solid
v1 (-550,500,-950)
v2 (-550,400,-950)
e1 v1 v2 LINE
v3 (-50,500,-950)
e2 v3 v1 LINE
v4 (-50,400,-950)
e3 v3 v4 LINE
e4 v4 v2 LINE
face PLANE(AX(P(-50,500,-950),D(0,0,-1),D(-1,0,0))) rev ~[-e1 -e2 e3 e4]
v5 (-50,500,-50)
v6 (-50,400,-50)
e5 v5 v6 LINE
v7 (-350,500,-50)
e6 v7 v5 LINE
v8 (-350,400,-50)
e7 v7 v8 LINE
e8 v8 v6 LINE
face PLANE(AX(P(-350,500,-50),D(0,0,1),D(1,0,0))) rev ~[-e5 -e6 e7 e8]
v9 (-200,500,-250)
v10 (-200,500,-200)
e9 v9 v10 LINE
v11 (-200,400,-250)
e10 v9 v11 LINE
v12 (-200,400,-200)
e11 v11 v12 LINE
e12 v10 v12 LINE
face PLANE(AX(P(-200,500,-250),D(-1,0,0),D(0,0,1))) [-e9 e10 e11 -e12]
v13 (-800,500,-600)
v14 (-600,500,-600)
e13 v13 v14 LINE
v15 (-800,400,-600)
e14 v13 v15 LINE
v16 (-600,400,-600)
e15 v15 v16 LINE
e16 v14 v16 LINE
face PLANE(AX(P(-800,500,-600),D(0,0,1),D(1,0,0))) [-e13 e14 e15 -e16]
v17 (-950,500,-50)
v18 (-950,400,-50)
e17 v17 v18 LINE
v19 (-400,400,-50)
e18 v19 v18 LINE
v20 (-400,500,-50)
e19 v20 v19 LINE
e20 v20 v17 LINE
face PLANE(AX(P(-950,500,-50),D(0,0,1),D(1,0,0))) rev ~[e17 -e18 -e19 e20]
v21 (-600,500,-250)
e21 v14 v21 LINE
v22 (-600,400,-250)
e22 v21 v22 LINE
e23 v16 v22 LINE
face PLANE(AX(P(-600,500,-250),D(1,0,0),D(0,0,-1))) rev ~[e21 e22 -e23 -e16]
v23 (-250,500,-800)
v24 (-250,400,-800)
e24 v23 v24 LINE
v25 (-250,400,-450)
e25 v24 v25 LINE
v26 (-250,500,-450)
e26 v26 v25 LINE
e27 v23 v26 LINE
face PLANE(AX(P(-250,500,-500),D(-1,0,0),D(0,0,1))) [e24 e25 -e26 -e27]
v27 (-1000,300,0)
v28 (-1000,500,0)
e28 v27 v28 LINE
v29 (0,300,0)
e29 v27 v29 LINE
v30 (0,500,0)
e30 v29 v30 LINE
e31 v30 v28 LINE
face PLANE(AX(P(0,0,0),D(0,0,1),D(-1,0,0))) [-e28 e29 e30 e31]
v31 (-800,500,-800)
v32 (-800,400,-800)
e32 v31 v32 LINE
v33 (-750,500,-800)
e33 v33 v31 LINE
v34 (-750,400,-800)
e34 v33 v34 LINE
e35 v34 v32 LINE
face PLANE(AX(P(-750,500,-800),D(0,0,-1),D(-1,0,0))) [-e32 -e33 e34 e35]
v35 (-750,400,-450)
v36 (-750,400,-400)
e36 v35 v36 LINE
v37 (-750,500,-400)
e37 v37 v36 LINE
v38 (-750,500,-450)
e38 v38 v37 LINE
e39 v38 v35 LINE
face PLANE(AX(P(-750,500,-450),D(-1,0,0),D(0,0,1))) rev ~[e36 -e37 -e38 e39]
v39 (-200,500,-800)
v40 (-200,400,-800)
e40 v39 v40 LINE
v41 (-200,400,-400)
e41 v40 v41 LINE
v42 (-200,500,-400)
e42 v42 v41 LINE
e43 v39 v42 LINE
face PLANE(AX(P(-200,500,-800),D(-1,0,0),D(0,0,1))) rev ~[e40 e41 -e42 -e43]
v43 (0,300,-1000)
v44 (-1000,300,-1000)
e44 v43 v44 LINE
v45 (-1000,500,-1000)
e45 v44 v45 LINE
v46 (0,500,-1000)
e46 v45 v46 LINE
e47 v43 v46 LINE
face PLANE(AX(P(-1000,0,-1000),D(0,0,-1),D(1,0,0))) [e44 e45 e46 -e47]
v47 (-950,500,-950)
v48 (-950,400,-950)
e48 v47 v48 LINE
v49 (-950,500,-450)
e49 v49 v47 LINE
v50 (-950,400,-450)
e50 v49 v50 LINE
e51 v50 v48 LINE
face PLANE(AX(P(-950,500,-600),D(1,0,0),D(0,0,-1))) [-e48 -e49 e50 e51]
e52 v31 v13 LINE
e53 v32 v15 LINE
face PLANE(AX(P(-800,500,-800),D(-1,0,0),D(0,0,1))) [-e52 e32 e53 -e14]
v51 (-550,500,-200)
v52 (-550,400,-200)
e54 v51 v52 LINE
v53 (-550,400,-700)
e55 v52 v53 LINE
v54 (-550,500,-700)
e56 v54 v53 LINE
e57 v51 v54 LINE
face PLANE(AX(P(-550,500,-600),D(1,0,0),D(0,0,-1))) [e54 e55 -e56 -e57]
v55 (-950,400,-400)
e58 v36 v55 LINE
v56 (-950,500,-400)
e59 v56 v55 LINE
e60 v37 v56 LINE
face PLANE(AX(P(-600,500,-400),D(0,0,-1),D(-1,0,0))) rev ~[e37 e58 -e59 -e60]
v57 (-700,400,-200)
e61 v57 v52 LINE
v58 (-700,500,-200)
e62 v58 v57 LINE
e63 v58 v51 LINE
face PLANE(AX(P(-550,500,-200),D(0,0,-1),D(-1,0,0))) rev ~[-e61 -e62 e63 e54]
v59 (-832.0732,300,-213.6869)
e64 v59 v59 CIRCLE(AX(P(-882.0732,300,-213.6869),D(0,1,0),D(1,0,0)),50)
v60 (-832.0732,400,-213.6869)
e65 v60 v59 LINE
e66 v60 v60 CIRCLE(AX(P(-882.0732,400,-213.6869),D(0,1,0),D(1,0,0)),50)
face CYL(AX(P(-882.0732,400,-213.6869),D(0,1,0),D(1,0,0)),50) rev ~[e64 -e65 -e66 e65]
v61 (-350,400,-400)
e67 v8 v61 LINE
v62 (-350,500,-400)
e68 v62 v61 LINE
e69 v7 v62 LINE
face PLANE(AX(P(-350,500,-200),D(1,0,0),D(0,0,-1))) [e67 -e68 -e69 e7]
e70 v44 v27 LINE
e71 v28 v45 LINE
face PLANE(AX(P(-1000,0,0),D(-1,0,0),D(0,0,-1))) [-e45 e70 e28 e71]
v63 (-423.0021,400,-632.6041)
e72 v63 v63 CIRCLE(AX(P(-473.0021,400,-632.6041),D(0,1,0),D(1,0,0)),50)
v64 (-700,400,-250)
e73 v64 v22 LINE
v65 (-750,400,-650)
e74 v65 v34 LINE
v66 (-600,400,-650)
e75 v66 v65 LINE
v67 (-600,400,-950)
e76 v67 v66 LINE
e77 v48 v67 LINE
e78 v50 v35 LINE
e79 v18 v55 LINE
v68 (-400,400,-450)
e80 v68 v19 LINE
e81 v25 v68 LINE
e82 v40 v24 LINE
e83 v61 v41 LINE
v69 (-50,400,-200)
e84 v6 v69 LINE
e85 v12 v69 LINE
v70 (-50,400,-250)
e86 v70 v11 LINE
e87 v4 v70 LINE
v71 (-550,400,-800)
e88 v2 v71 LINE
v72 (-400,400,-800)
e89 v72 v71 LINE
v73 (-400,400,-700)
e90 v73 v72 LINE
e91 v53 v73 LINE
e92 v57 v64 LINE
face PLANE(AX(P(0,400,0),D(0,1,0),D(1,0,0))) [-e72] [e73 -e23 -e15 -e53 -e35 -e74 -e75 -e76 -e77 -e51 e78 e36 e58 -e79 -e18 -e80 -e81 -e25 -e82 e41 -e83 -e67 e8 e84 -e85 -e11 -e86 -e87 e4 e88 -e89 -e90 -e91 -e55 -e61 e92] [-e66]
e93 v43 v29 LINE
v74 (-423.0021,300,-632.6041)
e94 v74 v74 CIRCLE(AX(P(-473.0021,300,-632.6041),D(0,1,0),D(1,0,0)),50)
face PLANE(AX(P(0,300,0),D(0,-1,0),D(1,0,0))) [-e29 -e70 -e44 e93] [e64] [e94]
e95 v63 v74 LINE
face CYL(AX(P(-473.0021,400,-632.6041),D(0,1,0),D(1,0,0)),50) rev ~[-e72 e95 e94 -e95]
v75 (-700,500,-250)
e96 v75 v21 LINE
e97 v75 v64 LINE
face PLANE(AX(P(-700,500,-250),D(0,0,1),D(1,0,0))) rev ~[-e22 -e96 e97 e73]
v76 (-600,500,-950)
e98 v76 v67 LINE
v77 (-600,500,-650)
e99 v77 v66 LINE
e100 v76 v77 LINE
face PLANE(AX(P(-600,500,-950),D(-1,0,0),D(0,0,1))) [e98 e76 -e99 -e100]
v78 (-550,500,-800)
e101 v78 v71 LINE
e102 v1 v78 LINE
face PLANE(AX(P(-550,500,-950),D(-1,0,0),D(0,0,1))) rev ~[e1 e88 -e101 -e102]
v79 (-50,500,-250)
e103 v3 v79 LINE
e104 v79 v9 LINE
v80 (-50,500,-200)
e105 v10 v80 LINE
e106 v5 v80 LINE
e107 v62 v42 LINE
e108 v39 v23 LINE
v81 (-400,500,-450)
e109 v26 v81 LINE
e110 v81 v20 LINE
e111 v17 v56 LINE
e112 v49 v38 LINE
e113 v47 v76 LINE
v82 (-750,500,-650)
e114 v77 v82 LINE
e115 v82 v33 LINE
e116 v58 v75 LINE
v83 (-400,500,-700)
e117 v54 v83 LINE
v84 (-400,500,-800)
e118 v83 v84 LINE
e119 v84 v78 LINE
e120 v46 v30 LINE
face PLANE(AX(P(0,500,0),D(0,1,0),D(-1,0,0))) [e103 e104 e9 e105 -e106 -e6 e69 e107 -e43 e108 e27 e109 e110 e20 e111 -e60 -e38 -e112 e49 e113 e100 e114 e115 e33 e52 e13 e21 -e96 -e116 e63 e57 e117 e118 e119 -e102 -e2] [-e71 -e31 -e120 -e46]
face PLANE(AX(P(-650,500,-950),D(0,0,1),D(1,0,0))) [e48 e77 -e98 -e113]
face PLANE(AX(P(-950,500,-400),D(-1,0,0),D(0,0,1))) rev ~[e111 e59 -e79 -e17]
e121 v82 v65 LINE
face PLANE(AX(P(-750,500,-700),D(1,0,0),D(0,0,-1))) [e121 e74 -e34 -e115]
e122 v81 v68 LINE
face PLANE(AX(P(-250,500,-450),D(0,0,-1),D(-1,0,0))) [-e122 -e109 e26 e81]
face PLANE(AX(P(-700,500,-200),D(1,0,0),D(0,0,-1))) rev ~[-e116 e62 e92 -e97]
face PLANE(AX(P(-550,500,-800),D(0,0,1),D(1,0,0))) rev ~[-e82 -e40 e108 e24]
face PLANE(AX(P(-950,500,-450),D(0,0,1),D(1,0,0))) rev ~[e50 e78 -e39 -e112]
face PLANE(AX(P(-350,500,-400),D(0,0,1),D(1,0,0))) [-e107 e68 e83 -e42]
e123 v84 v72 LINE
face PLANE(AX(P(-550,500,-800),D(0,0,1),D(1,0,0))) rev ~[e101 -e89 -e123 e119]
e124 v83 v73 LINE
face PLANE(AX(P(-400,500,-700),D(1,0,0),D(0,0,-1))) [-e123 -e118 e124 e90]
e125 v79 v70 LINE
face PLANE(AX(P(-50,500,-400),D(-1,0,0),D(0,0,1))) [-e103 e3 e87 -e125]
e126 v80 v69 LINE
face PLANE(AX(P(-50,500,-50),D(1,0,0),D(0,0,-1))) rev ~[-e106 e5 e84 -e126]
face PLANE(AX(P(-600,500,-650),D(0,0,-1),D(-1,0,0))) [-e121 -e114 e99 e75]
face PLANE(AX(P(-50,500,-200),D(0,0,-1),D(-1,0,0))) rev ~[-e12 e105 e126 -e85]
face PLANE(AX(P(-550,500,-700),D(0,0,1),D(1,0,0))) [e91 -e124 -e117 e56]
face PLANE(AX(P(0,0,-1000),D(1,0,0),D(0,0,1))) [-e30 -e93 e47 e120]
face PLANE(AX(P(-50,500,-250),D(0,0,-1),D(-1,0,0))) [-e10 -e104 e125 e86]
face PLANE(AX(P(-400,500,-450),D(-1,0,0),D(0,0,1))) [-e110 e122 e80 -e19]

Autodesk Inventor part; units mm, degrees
ref_plane "YZ Plane" through (0, 0, 0) normal (1, 0, 0) x (0, 1, 0)
ref_plane "XZ Plane" through (0, 0, 0) normal (0, 1, 0) x (-1, 0, 0)
ref_plane "XY Plane" through (0, 0, 0) normal (0, 0, 1) x (1, 0, 0)
sketch "Sketch1" plane through (0, 0, 0) normal (0, 1, 0) x (-1, 0, 0)
  line L0 (0, 0) -> (1000, 0)
  line L1 (1000, 0) -> (1000, -1000)
  line L2 (1000, -1000) -> (0, -1000)
  line L3 (0, -1000) -> (0, 0)
  dimension "d0" = 1000
  dimension "d1" = 1000
  dimension "d2" = 1000
extrude "Extrusion1" add sketch "Sketch1" along normal blind 500
sketch "Sketch2" plane through (0, 500, 0) normal (0, 1, 0) x (1, 0, 0)
  point P0 (0, 0)
sketch "Sketch3" plane through (0, 500, 0) normal (0, 1, 0) x (1, 0, 0)
  point P0 (0, 0)
sketch "Sketch4" plane through (0, 500, 0) normal (0, 1, 0) x (1, 0, 0)
  line L0 (-1000, 0) -> (0, 0) projected
  line L1 (-50, 50) -> (-50, 200)
  line L2 (-50, 200) -> (-200, 200)
  line L3 (-200, 200) -> (-350, 200)
  line L4 (-350, 200) -> (-350, 50)
  line L5 (-350, 50) -> (-50, 50)
  dimension "d7" = 150
  dimension "d8" = 150
  dimension "d9" = 150
  dimension "d10" = 150
  dimension "d13" = 200
  dimension "d14" = 50
extrude "Extrusion2" cut sketch "Sketch4" against normal blind 100
sketch "Sketch5" plane through (0, 500, 0) normal (0, 1, 0) x (1, 0, 0)
  line L0 (-350, 200) -> (-50, 200) projected
  line L1 (-350, 200) -> (-350, 400)
  line L2 (-350, 400) -> (-50, 400)
  line L3 (-50, 400) -> (-50, 250)
  line L4 (-50, 250) -> (-200, 250)
  line L5 (-200, 250) -> (-200, 200)
  point P0 (0, 0)
  dimension "d17" = 200
  dimension "d18" = 300
  dimension "d19" = 150
  dimension "d20" = 150
extrude "Extrusion3" cut sketch "Sketch5" against normal blind 100
sketch "Sketch6" plane through (0, 500, 0) normal (0, 1, 0) x (1, 0, 0)
  line L0 (-50, 400) -> (-50, 250) projected
  line L1 (-50, 400) -> (-50, 900)
  line L2 (-50, 900) -> (-50, 950)
  line L3 (-50, 950) -> (-550, 950)
  line L4 (-550, 950) -> (-550, 800)
  line L5 (-550, 800) -> (-250, 800)
  line L6 (-250, 800) -> (-200, 800)
  line L7 (-200, 800) -> (-200, 400)
  line L8 (-350, 400) -> (-50, 400) projected
  line L9 (-200, 400) -> (-50, 400)
  point P0 (0, 0)
  dimension "d23" = 500
  dimension "d24" = 50
  dimension "d25" = 500
  dimension "d26" = 150
  dimension "d27" = 300
  dimension "d28" = 50
extrude "Extrusion4" cut sketch "Sketch6" against normal blind 100
sketch "Sketch7" plane through (0, 500, 0) normal (0, 1, 0) x (1, 0, 0)
  line L0 (-250, 800) -> (-250, 500)
  line L1 (-250, 500) -> (-250, 450)
  line L2 (-250, 450) -> (-400, 450)
  line L3 (-400, 450) -> (-400, 50)
  line L4 (-400, 50) -> (-550, 50)
  line L5 (-550, 50) -> (-550, 200)
  line L6 (-550, 200) -> (-550, 400)
  line L7 (-550, 400) -> (-550, 600)
  line L8 (-550, 600) -> (-550, 700)
  line L9 (-550, 700) -> (-400, 700)
  line L10 (-400, 700) -> (-400, 800)
  line L11 (-400, 800) -> (-250, 800)
  point P0 (0, 0)
  point P1 (-200, 800)
  dimension "d32" = 50
  dimension "d33" = 300
  dimension "d34" = 50
  dimension "d35" = 150
  dimension "d36" = 400
  dimension "d37" = 150
  dimension "d38" = 150
  dimension "d39" = 200
  dimension "d40" = 200
  dimension "d41" = 100
  dimension "d42" = 150
  dimension "d43" = 250
extrude "Extrusion5" cut sketch "Sketch7" against normal blind 100
sketch "Sketch8" plane through (0, 500, 0) normal (0, 1, 0) x (1, 0, 0)
  point P0 (0, 0)
sketch "Sketch9" plane through (0, 500, 0) normal (0, 1, 0) x (1, 0, 0)
  point P0 (0, 0)
sketch "Sketch10" plane through (0, 500, 0) normal (0, 1, 0) x (1, 0, 0)
  line L0 (0, 0) -> (0, 1000) projected
  line L1 (-550, 50) -> (-550, 200)
  line L2 (-550, 50) -> (-550, 700) projected
  line L3 (-550, 200) -> (-650, 200)
  line L4 (-650, 200) -> (-850, 200)
  line L5 (-850, 200) -> (-900, 200)
  line L6 (-900, 200) -> (-950, 200)
  line L7 (-950, 200) -> (-950, 50)
  line L8 (-950, 50) -> (-550, 50)
  point P0 (-400, 50)
  dimension "d48" = 150
  dimension "d49" = 150
  dimension "d50" = 100
  dimension "d51" = 200
  dimension "d52" = 50
  dimension "d53" = 50
extrude "Extrusion6" cut sketch "Sketch10" against normal blind 100
sketch "Sketch11" plane through (0, 500, 0) normal (0, 1, 0) x (1, 0, 0)
  line L0 (-700, 200) -> (-700, 250)
  line L1 (-700, 250) -> (-600, 250)
  line L2 (-600, 250) -> (-600, 400)
  line L3 (-600, 400) -> (-950, 400)
  line L4 (-950, 400) -> (-950, 200)
  line L5 (-950, 200) -> (-700, 200)
  point P0 (0, 0)
  dimension "d60" = 50
  dimension "d61" = 100
  dimension "d62" = 150
  dimension "d63" = 350
extrude "Extrusion7" cut sketch "Sketch11" against normal blind 100
sketch "Sketch12" plane through (0, 500, 0) normal (0, 1, 0) x (1, 0, 0)
  point P0 (0, 0)
sketch "Sketch13" plane through (0, 500, 0) normal (0, 1, 0) x (1, 0, 0)
  line L0 (0, 0) -> (0, 1000) projected
  line L1 (-600, 400) -> (-600, 550)
  line L2 (-600, 550) -> (-600, 600)
  line L3 (-950, 600) -> (-950, 450)
  line L4 (-950, 450) -> (-750, 450)
  line L5 (-750, 450) -> (-750, 400)
  line L6 (-750, 400) -> (-600, 400)
  line L7 (-950, 600) -> (-950, 950)
  line L8 (-950, 950) -> (-650, 950)
  line L9 (-650, 950) -> (-600, 950)
  line L10 (-600, 950) -> (-600, 650)
  line L11 (-600, 650) -> (-750, 650)
  line L12 (-750, 650) -> (-750, 700)
  line L13 (-750, 700) -> (-750, 800)
  line L14 (-750, 800) -> (-800, 800)
  line L15 (-800, 800) -> (-800, 600)
  line L16 (-600, 600) -> (-600, 400)
  line L17 (-800, 600) -> (-600, 600)
  dimension "d69" = 150
  dimension "d70" = 50
  dimension "d71" = 350
  dimension "d72" = 150
  dimension "d73" = 200
  dimension "d74" = 350
  dimension "d75" = 300
  dimension "d76" = 50
  dimension "d77" = 300
  dimension "d79" = 50
  dimension "d80" = 100
  dimension "d81" = 50
  dimension "d82" = 90
  dimension "d83" = 600
  dimension "d84" = 750
extrude "Extrusion8" cut sketch "Sketch13" against normal blind 100
sketch "Sketch14" plane through (0, 400, 0) normal (0, 1, 0) x (1, 0, 0)
  circle A0 centre (-882.0732, 213.6869) radius 50
  point P0 (0, 0)
  dimension "d87" = 100
  dimension "d88" = 907.5875
extrude "Extrusion9" cut sketch "Sketch14" against normal blind 500
sketch "Sketch15" plane through (0, 400, 0) normal (0, 1, 0) x (1, 0, 0)
  circle A0 centre (-473.0021, 632.6041) radius 50
  point P0 (0, 0)
  dimension "d91" = 100
  dimension "d92" = 789.8854
extrude "Extrusion10" cut sketch "Sketch15" against normal blind 500
sketch "Sketch16" plane through (0, 0, 0) normal (0, -1, 0) x (1, 0, 0)
  line L0 (0, -1000) -> (0, 0) projected
  line L1 (0, 0) -> (0, -1000)
  line L2 (0, -1000) -> (-1000, -1000)
  line L3 (-1000, -1000) -> (-1000, 0) projected
  line L4 (-1000, -1000) -> (-1000, 0)
  line L5 (-1000, 0) -> (0, 0) projected
  line L6 (-1000, 0) -> (0, 0)
extrude "Extrusion11" cut sketch "Sketch16" against normal blind 300
